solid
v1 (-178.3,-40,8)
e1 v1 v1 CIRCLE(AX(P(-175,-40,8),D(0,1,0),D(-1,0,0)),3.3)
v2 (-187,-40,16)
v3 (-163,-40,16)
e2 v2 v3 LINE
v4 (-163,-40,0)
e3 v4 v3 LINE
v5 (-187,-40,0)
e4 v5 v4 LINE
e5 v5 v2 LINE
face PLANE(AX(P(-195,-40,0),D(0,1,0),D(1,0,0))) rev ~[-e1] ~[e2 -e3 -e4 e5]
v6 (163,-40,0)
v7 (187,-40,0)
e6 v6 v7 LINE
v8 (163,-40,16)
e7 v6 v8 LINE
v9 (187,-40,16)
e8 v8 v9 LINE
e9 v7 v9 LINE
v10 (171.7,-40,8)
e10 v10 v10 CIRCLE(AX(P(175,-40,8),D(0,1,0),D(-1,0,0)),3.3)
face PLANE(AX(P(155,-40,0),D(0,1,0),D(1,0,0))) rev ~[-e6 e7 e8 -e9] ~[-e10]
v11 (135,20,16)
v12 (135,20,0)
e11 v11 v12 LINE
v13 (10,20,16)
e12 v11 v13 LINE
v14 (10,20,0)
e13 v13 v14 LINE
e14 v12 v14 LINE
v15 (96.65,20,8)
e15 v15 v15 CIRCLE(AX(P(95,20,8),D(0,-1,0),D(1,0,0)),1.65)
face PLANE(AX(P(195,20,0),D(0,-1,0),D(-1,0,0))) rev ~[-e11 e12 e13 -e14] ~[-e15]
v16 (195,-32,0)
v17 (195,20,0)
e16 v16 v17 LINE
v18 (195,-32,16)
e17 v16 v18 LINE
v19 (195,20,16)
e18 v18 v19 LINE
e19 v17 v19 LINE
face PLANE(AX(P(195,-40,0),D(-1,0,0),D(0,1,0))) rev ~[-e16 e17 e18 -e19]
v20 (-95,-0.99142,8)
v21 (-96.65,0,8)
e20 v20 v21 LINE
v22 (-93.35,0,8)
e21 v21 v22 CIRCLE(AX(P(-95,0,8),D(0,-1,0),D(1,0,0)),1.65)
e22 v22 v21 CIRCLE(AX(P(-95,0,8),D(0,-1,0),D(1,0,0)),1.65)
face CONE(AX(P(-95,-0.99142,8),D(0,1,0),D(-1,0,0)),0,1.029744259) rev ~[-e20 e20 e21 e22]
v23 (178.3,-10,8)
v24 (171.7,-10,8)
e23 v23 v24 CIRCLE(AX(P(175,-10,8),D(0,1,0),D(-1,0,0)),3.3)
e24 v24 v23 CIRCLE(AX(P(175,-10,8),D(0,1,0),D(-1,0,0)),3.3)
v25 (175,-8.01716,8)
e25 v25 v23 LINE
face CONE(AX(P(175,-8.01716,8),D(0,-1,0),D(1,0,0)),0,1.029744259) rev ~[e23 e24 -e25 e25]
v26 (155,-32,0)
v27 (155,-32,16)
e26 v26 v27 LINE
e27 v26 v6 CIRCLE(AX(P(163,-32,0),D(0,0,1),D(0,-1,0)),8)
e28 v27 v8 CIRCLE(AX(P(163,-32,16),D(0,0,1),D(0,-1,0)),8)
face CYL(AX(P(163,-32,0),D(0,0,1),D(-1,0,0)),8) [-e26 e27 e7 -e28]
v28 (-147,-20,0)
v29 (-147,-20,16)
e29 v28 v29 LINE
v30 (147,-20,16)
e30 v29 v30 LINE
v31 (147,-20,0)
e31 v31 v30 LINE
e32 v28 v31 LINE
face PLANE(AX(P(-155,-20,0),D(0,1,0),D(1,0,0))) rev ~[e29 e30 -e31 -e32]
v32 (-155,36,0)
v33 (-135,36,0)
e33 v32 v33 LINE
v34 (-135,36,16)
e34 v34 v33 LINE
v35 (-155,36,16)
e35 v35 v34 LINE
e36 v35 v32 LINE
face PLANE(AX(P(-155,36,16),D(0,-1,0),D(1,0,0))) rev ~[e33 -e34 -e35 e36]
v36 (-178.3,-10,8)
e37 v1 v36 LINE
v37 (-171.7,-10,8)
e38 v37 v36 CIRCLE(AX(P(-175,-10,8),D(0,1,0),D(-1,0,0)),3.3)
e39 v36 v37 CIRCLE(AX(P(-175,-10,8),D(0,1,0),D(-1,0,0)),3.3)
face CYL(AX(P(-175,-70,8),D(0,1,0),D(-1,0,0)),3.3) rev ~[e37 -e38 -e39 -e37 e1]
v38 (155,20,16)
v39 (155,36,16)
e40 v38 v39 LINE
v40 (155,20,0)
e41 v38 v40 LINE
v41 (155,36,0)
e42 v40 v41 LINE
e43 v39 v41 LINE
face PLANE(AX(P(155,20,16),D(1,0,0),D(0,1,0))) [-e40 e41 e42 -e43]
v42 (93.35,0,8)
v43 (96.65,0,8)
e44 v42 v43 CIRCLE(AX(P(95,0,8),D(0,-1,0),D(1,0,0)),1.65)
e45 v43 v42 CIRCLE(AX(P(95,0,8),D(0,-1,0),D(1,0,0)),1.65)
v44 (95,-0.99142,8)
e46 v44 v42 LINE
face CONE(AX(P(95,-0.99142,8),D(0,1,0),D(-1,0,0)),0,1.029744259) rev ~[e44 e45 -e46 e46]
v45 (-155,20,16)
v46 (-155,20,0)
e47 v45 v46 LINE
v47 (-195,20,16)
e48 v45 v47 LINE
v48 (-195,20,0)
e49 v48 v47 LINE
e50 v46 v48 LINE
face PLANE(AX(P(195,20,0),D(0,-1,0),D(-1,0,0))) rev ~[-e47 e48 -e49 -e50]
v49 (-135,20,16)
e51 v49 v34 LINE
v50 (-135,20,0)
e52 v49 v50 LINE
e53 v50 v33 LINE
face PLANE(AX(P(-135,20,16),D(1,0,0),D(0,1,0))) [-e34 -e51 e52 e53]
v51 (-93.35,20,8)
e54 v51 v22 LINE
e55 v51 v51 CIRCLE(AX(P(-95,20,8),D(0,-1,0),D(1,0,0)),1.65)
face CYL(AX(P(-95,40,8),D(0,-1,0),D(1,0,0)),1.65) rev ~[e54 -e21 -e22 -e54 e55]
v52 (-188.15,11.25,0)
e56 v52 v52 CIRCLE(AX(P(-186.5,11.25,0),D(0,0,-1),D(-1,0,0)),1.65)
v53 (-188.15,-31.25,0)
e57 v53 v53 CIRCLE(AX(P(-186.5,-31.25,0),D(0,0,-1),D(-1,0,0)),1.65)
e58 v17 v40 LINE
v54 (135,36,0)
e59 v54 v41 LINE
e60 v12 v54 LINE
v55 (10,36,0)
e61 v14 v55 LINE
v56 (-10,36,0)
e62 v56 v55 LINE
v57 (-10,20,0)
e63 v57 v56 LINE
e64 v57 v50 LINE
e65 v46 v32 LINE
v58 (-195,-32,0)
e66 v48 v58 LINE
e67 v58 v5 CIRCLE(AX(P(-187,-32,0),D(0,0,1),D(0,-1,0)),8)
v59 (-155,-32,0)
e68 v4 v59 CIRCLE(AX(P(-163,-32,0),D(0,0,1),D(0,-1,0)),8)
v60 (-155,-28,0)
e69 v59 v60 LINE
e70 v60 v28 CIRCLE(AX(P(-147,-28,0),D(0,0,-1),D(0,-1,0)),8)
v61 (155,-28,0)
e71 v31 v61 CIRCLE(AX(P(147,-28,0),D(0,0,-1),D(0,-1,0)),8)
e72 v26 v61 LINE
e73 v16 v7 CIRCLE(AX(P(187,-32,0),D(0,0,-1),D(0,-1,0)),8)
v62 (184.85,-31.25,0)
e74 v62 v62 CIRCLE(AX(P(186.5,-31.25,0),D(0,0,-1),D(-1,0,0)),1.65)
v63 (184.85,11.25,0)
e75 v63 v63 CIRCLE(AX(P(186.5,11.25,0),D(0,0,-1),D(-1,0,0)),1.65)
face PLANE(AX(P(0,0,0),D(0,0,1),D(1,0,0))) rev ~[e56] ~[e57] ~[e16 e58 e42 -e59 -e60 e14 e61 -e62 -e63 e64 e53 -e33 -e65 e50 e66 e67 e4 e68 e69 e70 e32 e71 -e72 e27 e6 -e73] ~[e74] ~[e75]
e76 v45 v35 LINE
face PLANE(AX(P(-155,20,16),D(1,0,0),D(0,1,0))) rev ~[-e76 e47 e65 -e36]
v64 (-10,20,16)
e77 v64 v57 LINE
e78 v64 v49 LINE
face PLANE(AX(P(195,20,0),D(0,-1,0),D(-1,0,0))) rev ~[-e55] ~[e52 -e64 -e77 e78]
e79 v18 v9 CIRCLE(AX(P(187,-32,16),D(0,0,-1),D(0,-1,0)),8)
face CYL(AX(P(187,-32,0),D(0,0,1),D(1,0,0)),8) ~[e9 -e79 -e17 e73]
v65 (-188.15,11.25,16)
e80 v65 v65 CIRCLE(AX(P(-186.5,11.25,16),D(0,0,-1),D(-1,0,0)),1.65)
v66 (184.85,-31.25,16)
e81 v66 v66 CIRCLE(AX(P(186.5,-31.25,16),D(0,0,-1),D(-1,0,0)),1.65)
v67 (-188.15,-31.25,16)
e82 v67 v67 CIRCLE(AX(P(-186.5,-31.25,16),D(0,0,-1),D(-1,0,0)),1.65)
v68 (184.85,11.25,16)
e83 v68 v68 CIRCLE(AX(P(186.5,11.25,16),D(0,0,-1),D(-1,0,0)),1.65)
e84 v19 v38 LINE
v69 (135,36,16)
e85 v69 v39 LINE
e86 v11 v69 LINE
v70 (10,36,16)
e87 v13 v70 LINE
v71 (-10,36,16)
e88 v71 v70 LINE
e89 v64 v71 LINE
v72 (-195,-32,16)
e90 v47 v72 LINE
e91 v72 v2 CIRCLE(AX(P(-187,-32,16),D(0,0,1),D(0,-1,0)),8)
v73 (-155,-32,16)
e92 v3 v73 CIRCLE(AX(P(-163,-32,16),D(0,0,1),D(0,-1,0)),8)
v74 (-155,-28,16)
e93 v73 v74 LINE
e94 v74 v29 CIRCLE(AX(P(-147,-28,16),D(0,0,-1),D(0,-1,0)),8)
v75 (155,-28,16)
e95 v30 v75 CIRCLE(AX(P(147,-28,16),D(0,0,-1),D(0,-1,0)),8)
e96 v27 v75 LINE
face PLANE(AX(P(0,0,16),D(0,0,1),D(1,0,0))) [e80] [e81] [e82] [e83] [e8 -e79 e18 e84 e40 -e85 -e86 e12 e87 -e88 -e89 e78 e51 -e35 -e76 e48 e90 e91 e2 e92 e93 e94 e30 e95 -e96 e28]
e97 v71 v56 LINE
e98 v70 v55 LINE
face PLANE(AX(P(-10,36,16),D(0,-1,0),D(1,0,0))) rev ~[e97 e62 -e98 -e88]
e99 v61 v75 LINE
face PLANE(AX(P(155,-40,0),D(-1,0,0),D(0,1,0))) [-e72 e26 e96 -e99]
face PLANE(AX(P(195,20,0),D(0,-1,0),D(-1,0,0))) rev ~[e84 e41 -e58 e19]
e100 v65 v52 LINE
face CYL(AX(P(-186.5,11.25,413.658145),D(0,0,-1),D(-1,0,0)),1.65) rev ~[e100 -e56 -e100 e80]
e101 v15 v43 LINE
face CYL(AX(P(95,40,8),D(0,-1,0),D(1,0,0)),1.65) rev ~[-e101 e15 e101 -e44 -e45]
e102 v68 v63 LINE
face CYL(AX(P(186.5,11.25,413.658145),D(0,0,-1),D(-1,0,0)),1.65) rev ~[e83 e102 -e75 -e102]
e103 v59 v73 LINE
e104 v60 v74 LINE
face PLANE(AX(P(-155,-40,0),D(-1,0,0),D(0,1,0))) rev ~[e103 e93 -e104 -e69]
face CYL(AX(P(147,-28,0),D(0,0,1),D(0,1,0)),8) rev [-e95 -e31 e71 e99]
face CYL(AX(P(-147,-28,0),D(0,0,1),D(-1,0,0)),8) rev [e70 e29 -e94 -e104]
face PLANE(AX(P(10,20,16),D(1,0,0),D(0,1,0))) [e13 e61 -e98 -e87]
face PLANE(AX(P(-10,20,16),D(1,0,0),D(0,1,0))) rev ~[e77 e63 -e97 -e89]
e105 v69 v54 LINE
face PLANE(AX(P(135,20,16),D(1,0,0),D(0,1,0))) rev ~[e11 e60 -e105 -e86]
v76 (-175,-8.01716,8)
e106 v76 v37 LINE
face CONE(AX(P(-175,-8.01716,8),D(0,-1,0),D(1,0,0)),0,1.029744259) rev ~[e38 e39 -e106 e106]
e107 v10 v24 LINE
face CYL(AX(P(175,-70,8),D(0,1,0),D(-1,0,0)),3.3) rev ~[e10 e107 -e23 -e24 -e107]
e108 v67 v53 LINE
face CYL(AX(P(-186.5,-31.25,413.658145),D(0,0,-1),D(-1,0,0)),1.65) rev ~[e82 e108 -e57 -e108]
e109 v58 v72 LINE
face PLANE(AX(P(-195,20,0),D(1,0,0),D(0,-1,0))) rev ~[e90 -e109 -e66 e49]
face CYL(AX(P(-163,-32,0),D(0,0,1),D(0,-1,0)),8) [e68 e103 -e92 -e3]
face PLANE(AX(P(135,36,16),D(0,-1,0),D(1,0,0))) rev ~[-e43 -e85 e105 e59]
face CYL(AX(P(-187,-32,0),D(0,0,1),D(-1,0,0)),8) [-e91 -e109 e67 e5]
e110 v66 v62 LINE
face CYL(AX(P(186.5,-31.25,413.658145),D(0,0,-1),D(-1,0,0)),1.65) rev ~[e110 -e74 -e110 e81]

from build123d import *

# Parameters (mm, degrees)
F0_W     = 40
F0_H     = 20
F1_DEPTH = 16
F2_W     = 20
F2_H     = 16
F3_DEPTH = 16
F5_D     = 6.6
F5_DEPTH = 30
F5_TIP   = 1.9828400428
F6_R     = 8
F8_D     = 3.3
F8_DEPTH = 20
F8_TIP   = 0.9914200214
F10_D    = 3.3


with BuildPart() as f1:
    # F0 (on Top) → F1 (new body)
    with BuildSketch(Plane.XY):
        Polygon((195, -20), (195, 20), (-195, 20), (-195, -20), (-155, -20), (155, -20), align=None)
        with Locations((-175, -30)):
            Rectangle(F0_W, F0_H)
        with Locations((175, -30)):
            Rectangle(F0_W, F0_H)
    extrude(amount=F1_DEPTH)

    # F2 (on face) → F3 (join, through all)
    with BuildSketch(Plane.XY.offset(16)):
        with Locations((145, 28)):
            Rectangle(F2_W, F2_H)
        with Locations((0, 28)):
            Rectangle(F2_W, F2_H)
        with Locations((-145, 28)):
            Rectangle(F2_W, F2_H)
    extrude(amount=-F3_DEPTH)

    # F5
    with Locations(Plane.XZ.offset(40)):
        with Locations((-175, 8), (175, 8)):
            Hole(F5_D / 2, depth=F5_DEPTH)
            with Locations((0, 0, -(F5_DEPTH + F5_TIP / 2))):  # 118° drill point
                Cone(0, F5_D / 2, F5_TIP, mode=Mode.SUBTRACT)

    # F6
    f6_edges = [f1.edges().sort_by_distance(p)[0] for p in [
        (-155, -40, 8),
        (-155, -20, 8),
        (-195, -40, 8),
        (195, -40, 8),
        (155, -40, 8),
        (155, -20, 8),
    ]]
    fillet(f6_edges, radius=F6_R)

    # F8
    with Locations(Plane(origin=(0, 20, 0), x_dir=(-1, 0, 0), z_dir=(0, 1, 0))):
        with Locations((95, 8), (-95, 8)):
            Hole(F8_D / 2, depth=F8_DEPTH)
            with Locations((0, 0, -(F8_DEPTH + F8_TIP / 2))):  # 118° drill point
                Cone(0, F8_D / 2, F8_TIP, mode=Mode.SUBTRACT)

    # F10 (through all)
    with Locations(Plane.XY.offset(16)):
        with Locations((-186.5, 11.25), (-186.5, -31.25), (186.5, 11.25), (186.5, -31.25)):
            Hole(F10_D / 2)


solid = f1.part
